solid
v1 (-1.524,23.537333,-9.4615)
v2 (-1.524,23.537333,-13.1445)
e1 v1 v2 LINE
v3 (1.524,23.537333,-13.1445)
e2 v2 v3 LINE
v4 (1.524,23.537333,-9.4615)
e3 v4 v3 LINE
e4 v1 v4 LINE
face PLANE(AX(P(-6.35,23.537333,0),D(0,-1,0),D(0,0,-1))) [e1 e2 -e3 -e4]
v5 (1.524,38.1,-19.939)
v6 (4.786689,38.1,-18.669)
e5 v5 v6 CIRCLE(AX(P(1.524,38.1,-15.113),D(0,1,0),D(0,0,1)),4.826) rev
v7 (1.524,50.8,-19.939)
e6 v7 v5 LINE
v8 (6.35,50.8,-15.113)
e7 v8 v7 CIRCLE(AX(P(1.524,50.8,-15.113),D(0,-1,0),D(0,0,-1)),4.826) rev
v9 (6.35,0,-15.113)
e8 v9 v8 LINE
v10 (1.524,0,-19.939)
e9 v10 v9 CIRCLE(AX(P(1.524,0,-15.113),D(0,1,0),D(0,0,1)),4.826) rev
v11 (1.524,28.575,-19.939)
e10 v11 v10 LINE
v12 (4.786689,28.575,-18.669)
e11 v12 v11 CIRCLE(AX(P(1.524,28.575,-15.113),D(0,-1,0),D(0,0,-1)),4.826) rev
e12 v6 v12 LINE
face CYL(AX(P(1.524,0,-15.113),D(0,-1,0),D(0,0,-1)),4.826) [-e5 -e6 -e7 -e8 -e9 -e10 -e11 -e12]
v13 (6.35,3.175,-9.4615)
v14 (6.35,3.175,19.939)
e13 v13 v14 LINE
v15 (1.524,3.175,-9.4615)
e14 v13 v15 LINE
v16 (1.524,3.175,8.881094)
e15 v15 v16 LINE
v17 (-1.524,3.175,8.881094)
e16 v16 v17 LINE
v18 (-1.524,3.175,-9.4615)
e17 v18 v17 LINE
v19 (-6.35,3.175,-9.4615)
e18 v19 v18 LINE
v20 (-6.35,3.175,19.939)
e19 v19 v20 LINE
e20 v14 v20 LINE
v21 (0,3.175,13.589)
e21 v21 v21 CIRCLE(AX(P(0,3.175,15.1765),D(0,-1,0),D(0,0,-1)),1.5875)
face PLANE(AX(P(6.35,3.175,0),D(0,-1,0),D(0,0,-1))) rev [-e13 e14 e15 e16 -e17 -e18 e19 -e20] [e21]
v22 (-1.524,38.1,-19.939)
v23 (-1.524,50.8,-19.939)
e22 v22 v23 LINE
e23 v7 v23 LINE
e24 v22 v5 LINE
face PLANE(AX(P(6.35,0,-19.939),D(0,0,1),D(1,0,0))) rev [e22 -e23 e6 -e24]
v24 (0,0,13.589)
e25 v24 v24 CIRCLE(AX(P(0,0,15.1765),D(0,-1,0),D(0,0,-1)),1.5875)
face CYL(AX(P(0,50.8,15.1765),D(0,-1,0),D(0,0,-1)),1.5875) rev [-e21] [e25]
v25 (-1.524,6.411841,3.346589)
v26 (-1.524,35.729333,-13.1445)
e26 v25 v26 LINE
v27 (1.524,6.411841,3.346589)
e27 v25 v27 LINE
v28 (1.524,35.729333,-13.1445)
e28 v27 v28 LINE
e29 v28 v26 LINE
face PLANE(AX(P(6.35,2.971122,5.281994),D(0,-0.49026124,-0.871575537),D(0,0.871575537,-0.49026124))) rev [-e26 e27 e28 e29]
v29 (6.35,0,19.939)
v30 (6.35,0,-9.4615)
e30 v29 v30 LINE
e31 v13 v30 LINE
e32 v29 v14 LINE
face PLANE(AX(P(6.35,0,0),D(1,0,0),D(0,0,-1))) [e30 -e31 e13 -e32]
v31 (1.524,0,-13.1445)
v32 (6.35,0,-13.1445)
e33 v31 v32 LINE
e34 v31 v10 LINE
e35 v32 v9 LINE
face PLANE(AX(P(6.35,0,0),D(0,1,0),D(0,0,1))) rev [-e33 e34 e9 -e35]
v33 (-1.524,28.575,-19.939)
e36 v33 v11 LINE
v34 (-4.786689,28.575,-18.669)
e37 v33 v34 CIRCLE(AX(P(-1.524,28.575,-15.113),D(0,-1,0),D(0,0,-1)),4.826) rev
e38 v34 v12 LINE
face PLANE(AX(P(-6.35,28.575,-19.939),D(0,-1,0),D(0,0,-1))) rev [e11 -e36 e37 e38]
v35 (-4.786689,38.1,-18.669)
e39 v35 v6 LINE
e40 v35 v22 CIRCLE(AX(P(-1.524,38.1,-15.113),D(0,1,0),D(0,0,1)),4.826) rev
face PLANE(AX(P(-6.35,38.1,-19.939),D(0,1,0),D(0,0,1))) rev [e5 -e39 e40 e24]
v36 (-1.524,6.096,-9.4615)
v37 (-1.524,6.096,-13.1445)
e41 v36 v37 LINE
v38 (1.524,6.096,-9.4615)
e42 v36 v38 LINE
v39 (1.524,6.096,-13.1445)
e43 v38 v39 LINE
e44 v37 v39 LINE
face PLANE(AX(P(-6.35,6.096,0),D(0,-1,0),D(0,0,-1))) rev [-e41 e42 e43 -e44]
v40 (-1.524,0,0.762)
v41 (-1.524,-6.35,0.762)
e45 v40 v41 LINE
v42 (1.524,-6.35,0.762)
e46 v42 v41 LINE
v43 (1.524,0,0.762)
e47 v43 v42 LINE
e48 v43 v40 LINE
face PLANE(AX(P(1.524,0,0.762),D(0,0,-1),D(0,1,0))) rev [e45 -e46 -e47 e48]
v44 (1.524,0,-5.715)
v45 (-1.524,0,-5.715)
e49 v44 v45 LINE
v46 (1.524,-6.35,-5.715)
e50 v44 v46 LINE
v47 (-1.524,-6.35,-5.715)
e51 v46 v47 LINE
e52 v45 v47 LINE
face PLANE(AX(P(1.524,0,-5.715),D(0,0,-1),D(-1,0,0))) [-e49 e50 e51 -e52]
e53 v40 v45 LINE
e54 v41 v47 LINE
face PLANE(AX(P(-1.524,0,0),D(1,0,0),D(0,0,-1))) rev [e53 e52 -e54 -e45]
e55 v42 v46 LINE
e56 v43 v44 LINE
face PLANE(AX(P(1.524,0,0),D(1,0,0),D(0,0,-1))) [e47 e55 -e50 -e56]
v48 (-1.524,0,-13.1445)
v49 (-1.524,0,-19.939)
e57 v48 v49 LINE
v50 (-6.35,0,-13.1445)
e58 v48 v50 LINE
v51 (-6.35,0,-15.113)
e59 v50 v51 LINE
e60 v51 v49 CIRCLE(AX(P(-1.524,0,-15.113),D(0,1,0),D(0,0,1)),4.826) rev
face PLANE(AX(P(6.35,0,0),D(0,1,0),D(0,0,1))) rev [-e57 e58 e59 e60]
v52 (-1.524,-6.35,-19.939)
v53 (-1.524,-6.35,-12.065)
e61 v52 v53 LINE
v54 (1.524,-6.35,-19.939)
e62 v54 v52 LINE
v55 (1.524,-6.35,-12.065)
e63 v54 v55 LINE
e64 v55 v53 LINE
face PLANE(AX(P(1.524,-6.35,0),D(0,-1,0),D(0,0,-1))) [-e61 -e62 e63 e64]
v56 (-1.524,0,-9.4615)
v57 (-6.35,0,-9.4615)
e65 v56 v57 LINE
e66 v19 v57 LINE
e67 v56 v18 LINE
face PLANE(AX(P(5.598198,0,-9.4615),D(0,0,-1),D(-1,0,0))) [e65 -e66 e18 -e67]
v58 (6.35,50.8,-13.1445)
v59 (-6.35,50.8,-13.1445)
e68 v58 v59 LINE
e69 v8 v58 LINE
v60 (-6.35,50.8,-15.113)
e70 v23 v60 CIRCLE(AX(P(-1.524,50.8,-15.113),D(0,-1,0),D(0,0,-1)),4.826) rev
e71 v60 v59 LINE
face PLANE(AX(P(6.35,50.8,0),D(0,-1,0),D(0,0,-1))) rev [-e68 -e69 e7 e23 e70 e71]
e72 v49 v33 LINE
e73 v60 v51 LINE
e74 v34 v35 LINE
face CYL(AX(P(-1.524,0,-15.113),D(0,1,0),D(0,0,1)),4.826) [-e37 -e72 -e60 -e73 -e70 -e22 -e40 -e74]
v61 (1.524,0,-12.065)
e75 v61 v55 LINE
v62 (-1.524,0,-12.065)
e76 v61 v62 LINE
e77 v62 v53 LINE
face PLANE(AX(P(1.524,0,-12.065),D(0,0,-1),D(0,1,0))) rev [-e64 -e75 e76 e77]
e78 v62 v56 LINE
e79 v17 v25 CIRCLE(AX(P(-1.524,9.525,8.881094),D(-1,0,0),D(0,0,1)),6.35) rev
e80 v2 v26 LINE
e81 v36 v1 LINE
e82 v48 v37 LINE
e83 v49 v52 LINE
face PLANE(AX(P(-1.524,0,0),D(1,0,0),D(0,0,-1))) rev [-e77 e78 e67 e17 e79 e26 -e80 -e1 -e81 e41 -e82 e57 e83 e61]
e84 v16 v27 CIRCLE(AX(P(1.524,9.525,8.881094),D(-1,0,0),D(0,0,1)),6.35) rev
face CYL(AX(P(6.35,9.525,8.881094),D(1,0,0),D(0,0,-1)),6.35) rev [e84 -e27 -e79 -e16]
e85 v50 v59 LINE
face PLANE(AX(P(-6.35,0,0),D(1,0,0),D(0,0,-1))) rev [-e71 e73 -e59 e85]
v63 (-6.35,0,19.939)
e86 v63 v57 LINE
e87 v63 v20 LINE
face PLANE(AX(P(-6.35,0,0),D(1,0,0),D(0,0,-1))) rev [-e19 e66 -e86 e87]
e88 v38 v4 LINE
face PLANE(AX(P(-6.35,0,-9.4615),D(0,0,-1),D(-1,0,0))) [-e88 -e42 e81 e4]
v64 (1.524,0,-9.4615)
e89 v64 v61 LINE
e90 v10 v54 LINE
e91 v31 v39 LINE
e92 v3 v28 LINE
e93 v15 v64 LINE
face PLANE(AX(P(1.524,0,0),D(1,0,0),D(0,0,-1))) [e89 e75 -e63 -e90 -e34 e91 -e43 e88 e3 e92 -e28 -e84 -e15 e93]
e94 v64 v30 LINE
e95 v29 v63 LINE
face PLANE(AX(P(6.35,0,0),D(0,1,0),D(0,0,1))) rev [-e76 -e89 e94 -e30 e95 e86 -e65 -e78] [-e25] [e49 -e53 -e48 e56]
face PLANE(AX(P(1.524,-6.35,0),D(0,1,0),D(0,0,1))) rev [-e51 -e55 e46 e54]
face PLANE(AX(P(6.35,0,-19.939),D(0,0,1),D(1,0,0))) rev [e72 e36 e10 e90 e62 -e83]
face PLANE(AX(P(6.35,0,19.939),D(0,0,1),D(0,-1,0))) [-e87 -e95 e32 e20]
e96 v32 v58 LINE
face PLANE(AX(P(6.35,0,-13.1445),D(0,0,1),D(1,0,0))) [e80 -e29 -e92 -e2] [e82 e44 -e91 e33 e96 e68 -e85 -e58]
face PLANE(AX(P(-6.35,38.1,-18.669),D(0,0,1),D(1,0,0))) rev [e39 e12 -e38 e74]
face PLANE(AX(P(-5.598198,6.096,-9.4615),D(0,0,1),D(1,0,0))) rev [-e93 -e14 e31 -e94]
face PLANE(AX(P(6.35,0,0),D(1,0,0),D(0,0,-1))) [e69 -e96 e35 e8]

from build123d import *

# Parameters (mm, degrees)
BOSS_EXTRUDE1_DEPTH     = 6.35
SKETCH1_4_W             = 3.683
SKETCH1_4_H             = 17.441333418
CUT_EXTRUDE2_DEPTH      = 7.35
CUT_EXTRUDE2_DEPTH_BACK = 7.35
SKETCH1_3_W             = 6.477
SKETCH1_3_H             = 6.35
BOSS_EXTRUDE2_DEPTH     = 1.524
SKETCH2_R               = 1.5875
CUT_EXTRUDE1_DEPTH      = 51.8
FILLET1_R               = 4.826
FILLET2_R               = 6.35
SKETCH3_W               = 1.27
SKETCH3_H               = 9.525
CUT_EXTRUDE3_DEPTH      = 7.35
CUT_EXTRUDE3_DEPTH_BACK = 7.35
SKETCH4_W               = 4.826
SKETCH4_H               = 33.0835
CUT_EXTRUDE5_DEPTH      = 47.625
SKETCH5_W               = 3.683
SKETCH5_H               = 6.096
CUT_EXTRUDE6_DEPTH      = 4.826
CUT_EXTRUDE7_START      = -12.7
SKETCH5_2_W             = 3.683
SKETCH5_2_H             = 6.096
CUT_EXTRUDE7_DEPTH      = 4.826


with BuildPart() as part:
    # Sketch1 → Boss-Extrude1 (new body, symmetric)
    with BuildSketch(Plane(origin=(0, 0, 0), x_dir=(0, 0, -1), z_dir=(1, 0, 0))):
        Polygon((-19.939, 3.175), (-19.939, 0), (19.939, 0), (19.939, 50.8), (13.1445, 50.8), (13.1445, 35.729333418), (-5.167312548, 3.175), align=None)
    extrude(amount=BOSS_EXTRUDE1_DEPTH, both=True)

    # Sketch1<4> → Cut-Extrude2 (cut, two sides)
    with BuildSketch(Plane(origin=(0, 0, 0), x_dir=(0, 0, -1), z_dir=(1, 0, 0))) as cut_extrude2_sk:
        with Locations((11.303, 14.816666709)):
            Rectangle(SKETCH1_4_W, SKETCH1_4_H)
    extrude(amount=CUT_EXTRUDE2_DEPTH, mode=Mode.SUBTRACT)
    extrude(cut_extrude2_sk.sketch, amount=-CUT_EXTRUDE2_DEPTH_BACK, mode=Mode.SUBTRACT)

    # Sketch1<3> → Boss-Extrude2 (add, symmetric)
    with BuildSketch(Plane(origin=(0, 0, 0), x_dir=(0, 0, -1), z_dir=(1, 0, 0))):
        Polygon((13.1445, 0), (12.065, 0), (12.065, -6.35), (19.939, -6.35), (19.939, 0), align=None)
        with Locations((2.4765, -3.175)):
            Rectangle(SKETCH1_3_W, SKETCH1_3_H)
    extrude(amount=BOSS_EXTRUDE2_DEPTH, both=True)

    # Sketch2 → Cut-Extrude1 (cut, through all)
    with BuildSketch(Plane.XZ):
        with Locations((0, 15.1765)):
            Circle(SKETCH2_R)
    extrude(amount=-CUT_EXTRUDE1_DEPTH, mode=Mode.SUBTRACT)

    # Fillet1
    fillet1_edges = [part.edges().sort_by_distance(p)[0] for p in [
        (-6.35, 25.4, -19.939),
        (6.35, 25.4, -19.939),
    ]]
    fillet(fillet1_edges, radius=FILLET1_R)

    # Fillet2
    fillet2_edges = [part.edges().sort_by_distance(p)[0] for p in [
        (0, 3.175, 5.167312548),
    ]]
    fillet(fillet2_edges, radius=FILLET2_R)

    # Sketch3 → Cut-Extrude3 (cut, two sides)
    with BuildSketch(Plane(origin=(0, 0, 0), x_dir=(0, 0, -1), z_dir=(1, 0, 0))) as cut_extrude3_sk:
        with Locations((19.304, 33.3375)):
            Rectangle(SKETCH3_W, SKETCH3_H)
    extrude(amount=CUT_EXTRUDE3_DEPTH, mode=Mode.SUBTRACT)
    extrude(cut_extrude3_sk.sketch, amount=-CUT_EXTRUDE3_DEPTH_BACK, mode=Mode.SUBTRACT)

    # Sketch4 → Cut-Extrude5 (cut)
    with BuildSketch(Plane(origin=(0, 50.8, 0), x_dir=(1, 0, 0), z_dir=(0, 1, 0))):
        with Locations((-3.937, -3.39725)):
            Rectangle(SKETCH4_W, SKETCH4_H)
        with Locations((3.937, -3.39725)):
            Rectangle(SKETCH4_W, SKETCH4_H)
    extrude(amount=-CUT_EXTRUDE5_DEPTH, mode=Mode.SUBTRACT)

    # Sketch5 → Cut-Extrude6 (cut)
    with BuildSketch(Plane(origin=(6.35, 0, 0), x_dir=(0, 0, -1), z_dir=(1, 0, 0))):
        with Locations((11.303, 3.048)):
            Rectangle(SKETCH5_W, SKETCH5_H)
    extrude(amount=-CUT_EXTRUDE6_DEPTH, mode=Mode.SUBTRACT)

    # Sketch5<2> → Cut-Extrude7 (cut)
    with BuildSketch(Plane(origin=(6.35, 0, 0), x_dir=(0, 0, -1), z_dir=(1, 0, 0)).offset(CUT_EXTRUDE7_START)):
        with Locations((11.303, 3.048)):
            Rectangle(SKETCH5_2_W, SKETCH5_2_H)
    extrude(amount=CUT_EXTRUDE7_DEPTH, mode=Mode.SUBTRACT)


solid = part.part
